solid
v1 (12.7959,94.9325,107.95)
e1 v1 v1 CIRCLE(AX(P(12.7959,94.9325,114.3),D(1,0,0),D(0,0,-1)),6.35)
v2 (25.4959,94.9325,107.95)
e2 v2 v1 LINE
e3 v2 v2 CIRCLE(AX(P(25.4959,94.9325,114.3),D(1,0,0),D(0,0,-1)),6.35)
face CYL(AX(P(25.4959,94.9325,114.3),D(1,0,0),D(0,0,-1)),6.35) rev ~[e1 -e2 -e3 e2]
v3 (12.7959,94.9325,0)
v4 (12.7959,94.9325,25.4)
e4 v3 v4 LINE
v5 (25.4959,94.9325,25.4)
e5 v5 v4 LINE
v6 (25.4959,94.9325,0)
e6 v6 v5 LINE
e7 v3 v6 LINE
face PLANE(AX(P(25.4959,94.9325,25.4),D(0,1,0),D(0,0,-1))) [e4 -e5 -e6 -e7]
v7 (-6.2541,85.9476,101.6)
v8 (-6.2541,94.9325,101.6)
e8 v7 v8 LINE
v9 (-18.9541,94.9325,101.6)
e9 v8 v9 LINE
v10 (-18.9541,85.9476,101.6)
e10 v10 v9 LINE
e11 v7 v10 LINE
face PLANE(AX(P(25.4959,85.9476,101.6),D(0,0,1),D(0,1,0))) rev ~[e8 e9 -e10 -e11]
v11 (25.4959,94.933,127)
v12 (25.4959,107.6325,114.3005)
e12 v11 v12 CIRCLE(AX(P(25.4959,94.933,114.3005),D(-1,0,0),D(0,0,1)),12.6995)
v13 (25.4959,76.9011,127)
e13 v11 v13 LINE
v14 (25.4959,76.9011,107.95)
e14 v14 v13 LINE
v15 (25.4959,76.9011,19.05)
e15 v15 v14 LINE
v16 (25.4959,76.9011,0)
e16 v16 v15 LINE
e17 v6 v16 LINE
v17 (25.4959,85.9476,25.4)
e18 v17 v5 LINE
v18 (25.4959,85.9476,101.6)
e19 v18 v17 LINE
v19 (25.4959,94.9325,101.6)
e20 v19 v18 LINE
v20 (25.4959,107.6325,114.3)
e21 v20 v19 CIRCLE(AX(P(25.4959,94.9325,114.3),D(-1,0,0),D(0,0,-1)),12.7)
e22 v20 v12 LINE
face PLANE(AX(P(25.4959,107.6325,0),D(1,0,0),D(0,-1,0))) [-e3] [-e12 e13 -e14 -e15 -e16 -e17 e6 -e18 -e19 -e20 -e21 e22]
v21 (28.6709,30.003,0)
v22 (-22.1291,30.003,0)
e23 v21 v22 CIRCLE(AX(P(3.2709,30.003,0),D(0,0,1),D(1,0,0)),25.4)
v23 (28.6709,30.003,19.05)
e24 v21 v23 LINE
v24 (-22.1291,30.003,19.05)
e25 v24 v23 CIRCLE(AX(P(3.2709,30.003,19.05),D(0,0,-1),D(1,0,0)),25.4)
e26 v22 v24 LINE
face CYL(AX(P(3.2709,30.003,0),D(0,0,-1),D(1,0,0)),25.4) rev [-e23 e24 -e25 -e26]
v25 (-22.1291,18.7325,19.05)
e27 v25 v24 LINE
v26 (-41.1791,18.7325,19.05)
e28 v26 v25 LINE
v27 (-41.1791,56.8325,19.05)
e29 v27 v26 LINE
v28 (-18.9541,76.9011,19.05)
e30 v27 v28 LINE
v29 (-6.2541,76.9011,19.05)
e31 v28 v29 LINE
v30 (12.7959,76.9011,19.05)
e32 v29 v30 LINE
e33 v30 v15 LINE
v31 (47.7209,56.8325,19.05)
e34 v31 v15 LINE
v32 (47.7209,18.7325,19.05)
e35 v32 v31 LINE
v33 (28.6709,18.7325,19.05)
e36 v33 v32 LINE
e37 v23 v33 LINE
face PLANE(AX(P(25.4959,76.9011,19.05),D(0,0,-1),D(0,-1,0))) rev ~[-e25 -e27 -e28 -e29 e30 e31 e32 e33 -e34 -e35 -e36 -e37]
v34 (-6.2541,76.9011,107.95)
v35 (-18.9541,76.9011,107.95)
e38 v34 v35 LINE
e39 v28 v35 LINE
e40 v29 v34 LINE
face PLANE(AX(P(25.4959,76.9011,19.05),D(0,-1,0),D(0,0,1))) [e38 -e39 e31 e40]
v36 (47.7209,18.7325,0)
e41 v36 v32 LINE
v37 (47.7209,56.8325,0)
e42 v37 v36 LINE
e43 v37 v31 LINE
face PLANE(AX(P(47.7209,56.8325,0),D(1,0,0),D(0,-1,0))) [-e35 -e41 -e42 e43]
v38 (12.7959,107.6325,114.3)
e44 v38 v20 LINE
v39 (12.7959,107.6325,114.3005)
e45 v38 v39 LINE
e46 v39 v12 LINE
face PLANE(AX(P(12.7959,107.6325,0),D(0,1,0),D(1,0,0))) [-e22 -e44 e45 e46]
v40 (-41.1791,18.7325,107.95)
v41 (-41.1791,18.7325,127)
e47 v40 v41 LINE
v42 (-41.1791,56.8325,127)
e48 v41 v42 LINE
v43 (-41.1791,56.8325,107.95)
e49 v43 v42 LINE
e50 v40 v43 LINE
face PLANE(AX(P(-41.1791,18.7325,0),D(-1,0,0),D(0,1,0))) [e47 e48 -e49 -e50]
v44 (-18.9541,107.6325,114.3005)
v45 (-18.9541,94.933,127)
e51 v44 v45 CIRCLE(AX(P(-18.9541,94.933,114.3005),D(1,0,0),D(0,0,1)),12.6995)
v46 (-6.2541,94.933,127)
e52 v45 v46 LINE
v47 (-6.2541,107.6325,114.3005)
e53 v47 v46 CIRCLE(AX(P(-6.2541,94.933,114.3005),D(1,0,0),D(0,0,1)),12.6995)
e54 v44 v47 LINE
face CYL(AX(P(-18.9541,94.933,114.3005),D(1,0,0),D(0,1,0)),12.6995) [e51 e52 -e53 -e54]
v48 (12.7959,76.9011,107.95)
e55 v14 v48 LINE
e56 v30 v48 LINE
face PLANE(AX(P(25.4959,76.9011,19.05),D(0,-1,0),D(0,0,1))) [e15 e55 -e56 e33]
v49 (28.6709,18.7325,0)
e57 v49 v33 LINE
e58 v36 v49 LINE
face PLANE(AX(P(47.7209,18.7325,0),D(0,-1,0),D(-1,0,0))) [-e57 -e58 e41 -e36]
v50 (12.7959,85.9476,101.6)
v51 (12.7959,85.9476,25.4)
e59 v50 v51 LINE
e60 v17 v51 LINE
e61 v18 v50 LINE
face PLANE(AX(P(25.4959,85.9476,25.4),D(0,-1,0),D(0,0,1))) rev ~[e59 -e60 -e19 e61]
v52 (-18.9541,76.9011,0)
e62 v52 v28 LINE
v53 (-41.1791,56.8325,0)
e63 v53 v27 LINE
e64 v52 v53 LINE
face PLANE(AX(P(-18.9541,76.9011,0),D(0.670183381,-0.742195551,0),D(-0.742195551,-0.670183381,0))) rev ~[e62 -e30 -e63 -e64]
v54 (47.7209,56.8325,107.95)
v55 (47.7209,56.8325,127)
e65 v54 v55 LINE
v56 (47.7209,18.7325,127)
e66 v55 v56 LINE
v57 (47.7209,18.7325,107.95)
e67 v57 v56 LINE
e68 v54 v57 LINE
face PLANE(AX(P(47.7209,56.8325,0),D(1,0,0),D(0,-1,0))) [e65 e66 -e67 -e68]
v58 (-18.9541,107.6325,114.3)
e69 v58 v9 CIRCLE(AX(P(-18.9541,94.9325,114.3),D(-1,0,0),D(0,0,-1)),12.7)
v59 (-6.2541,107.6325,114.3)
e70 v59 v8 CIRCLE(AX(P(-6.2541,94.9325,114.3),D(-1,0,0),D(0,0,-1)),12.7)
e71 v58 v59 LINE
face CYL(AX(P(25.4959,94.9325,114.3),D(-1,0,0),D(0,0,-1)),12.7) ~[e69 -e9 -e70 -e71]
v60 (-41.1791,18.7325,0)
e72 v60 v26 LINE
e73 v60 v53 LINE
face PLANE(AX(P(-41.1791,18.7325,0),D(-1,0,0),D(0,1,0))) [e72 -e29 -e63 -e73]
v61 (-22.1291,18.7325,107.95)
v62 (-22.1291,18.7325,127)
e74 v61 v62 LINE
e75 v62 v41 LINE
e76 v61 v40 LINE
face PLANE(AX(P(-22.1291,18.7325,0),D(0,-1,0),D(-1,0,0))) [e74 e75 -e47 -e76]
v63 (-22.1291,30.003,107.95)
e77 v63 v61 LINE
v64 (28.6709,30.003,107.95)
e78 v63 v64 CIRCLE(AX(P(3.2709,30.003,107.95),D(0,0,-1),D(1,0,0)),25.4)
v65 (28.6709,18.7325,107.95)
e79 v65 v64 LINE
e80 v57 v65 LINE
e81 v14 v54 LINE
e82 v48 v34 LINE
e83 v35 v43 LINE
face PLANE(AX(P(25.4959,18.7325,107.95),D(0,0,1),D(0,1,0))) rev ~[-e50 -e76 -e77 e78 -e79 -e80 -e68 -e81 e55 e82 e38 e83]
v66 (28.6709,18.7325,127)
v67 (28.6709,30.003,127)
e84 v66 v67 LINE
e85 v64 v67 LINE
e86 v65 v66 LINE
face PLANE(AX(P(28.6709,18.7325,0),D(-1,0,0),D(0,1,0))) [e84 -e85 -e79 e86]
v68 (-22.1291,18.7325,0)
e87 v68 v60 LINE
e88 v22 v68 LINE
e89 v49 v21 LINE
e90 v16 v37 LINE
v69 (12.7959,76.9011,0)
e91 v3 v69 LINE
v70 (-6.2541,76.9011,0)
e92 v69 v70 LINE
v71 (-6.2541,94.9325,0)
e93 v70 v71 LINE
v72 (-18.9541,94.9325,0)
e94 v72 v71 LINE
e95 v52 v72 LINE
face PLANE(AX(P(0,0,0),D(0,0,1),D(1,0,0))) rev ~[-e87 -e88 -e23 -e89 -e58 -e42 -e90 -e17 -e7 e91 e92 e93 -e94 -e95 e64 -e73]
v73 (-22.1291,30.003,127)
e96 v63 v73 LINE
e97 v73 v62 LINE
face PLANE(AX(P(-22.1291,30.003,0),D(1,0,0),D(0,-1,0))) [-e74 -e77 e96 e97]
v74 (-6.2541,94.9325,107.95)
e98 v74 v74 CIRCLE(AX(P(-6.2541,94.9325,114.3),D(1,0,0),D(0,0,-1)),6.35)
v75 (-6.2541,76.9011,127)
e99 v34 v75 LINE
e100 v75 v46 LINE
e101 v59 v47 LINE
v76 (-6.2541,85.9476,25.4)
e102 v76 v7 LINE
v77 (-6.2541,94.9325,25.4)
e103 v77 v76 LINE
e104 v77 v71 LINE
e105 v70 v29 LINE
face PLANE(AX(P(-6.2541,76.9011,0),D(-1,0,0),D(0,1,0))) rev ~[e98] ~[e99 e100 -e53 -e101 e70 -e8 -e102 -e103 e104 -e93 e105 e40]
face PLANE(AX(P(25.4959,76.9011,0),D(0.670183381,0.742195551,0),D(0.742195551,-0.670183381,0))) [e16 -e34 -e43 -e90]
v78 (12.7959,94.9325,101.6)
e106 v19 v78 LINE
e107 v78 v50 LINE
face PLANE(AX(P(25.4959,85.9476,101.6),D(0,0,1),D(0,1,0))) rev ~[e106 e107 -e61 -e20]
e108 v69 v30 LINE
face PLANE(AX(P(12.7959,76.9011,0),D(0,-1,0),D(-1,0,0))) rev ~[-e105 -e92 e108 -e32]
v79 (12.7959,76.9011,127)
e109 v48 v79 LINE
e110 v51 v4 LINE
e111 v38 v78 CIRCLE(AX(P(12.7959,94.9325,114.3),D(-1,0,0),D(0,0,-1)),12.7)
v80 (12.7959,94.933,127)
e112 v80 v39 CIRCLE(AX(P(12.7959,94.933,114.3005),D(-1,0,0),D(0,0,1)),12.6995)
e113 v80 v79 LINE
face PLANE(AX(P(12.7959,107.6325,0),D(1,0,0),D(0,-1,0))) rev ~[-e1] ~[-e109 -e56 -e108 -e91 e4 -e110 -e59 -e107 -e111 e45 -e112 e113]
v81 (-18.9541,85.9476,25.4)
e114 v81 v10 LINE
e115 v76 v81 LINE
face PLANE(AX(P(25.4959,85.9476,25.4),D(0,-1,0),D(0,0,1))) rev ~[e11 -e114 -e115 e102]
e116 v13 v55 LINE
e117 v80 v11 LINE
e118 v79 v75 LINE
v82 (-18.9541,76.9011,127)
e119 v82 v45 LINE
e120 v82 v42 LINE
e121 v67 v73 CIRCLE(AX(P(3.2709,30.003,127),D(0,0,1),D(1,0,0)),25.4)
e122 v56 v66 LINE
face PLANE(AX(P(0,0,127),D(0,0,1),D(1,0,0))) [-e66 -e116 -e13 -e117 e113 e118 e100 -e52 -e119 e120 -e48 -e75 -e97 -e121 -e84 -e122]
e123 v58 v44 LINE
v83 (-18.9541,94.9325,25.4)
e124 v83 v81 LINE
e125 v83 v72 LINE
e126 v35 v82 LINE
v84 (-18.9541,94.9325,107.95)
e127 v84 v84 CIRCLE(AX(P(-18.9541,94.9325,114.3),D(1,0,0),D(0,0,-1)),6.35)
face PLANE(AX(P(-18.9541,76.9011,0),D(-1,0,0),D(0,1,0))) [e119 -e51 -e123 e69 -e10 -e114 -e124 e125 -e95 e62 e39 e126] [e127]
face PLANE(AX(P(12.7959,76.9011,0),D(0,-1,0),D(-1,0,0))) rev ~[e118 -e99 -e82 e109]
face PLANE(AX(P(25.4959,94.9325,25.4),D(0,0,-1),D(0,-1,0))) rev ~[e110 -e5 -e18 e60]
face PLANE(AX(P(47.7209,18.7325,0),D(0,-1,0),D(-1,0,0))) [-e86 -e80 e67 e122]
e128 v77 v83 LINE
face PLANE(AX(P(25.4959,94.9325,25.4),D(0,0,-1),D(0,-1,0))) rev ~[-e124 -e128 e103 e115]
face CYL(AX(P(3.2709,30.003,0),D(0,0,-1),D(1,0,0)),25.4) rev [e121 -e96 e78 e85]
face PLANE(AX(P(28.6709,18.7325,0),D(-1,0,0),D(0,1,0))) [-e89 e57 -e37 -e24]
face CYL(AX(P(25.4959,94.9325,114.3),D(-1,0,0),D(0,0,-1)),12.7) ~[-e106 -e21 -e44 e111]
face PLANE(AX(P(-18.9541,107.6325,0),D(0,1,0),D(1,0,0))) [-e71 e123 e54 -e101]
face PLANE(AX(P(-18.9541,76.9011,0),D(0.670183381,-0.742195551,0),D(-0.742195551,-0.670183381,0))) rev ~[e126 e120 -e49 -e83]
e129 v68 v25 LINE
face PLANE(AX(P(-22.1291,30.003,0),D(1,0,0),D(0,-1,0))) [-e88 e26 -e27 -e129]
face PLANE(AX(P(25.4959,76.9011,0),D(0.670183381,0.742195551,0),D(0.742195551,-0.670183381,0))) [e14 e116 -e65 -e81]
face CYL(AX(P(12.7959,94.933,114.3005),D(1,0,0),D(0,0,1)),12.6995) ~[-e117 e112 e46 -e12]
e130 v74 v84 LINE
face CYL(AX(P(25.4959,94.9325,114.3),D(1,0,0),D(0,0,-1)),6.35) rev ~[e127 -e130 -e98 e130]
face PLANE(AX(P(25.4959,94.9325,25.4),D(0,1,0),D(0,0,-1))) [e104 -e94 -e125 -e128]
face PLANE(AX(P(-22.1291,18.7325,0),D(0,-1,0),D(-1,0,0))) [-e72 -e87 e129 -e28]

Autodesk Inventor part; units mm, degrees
ref_plane "YZ Plane" through (0, 0, 0) normal (1, 0, 0) x (0, 1, 0)
ref_plane "XZ Plane" through (0, 0, 0) normal (0, 1, 0) x (-1, 0, 0)
ref_plane "XY Plane" through (0, 0, 0) normal (0, 0, 1) x (1, 0, 0)
sketch "front profile" plane through (0, 0, 0) normal (0, 0, 1) x (1, 0, 0)
  line L0 (47.7209, 56.8325) -> (47.7209, 18.7325)
  line L1 (-41.1791, 18.7325) -> (-41.1791, 56.8325)
  line L2 (25.4959, 107.6325) -> (25.4959, 76.9011)
  line L3 (12.7959, 76.9011) -> (-6.2541, 76.9011)
  line L4 (-18.9541, 76.9011) -> (-18.9541, 107.6325)
  line L5 (12.7959, 107.6325) -> (12.7959, 76.9011)
  line L6 (12.7959, 76.9011) -> (-6.2541, 76.9011)
  line L7 (-6.2541, 76.9011) -> (-6.2541, 107.6325)
  line L8 (25.4959, 76.9011) -> (47.7209, 56.8325)
  line L9 (-18.9541, 76.9011) -> (-41.1791, 56.8325)
  line L10 (28.6709, 18.7325) -> (28.6709, 30.003)
  line L11 (-22.1291, 30.003) -> (-22.1291, 18.7325)
  arc A0 (28.6709, 30.003) -> (-22.1291, 30.003) centre (3.2709, 30.003) ccw
  line L12 (-18.9541, 107.6325) -> (-6.2541, 107.6325)
  line L13 (12.7959, 107.6325) -> (25.4959, 107.6325)
  line L14 (47.7209, 18.7325) -> (28.6709, 18.7325)
  line L15 (-22.1291, 18.7325) -> (-41.1791, 18.7325)
  line L16 (-18.9541, 107.6325) -> (-6.2541, 107.6325)
  line L17 (12.7959, 107.6325) -> (25.4959, 107.6325)
  point P0 (-6.2541, 92.2668)
  point P1 (-12.6041, 107.6325)
  point P2 (19.1459, 107.6325)
  dimension "d2" = 88.9
  dimension "d9" = 22.225
  dimension "d10" = 22.225
  dimension "d11" = 12.7
  dimension "d12" = 12.7
  dimension "d14" = 38.1
  dimension "d15" = 38.1
  dimension "d17" = 19.05
  dimension "d18" = 19.05
  dimension "d32" = 88.9
  dimension "d33" = 88.9
  dimension "d34" = 25.4
  dimension "d36" = 47.919
  dimension "d37" = 47.919
  dimension "d39" = 58.1686
  dimension "d40" = 88.9
  dimension "d43" = 11.2705
extrude "front profile Extrusion" add sketch "front profile" along normal blind 127
sketch "side profile" plane through (25.4959, 76.9011, 0) normal (1, 0, 0) x (0, 0, -1)
  line L0 (0, -20.0686) -> (0, -58.1686) projected
  line L1 (-127, 30.7314) -> (0, 30.7314)
  line L2 (0, 30.7314) -> (0, -58.1686)
  line L3 (0, -58.1686) -> (-127, -58.1686)
  line L4 (-127, -58.1686) -> (-127, 18.0314)
  line L5 (-25.4, 18.0314) -> (-25.4, 9.0465)
  line L6 (-25.4, 9.0465) -> (-101.6, 9.0465)
  line L7 (-101.6, 9.0465) -> (-101.6, 18.0314)
  line L8 (0, 0) -> (-127, 0) projected
  line L9 (0, -58.1686) -> (-127, -58.1686) projected
  line L10 (-107.95, 0) -> (-19.05, 0)
  line L11 (-19.05, 0) -> (-19.05, -58.1686)
  line L12 (-19.05, -58.1686) -> (-107.95, -58.1686)
  line L13 (-107.95, -58.1686) -> (-107.95, 0)
  circle A0 centre (-114.3, 18.0314) radius 6.35
  arc A1 (-101.6, 18.0314) -> (-127, 18.0314) centre (-114.3, 18.0314) ccw
  line L14 (0, 30.7314) -> (-127, 30.7314) projected
  line L15 (-25.4, 18.0314) -> (0, 18.0314)
  point P0 (0, -76.9011)
  point P1 (-114.3, 30.7314)
  point P2 (-107.95, -58.1686)
  point P3 (-19.05, -58.1686)
  point P4 (-19.05, 0)
  dimension "d23" = 25.4
  dimension "d24" = 19.05
  dimension "d25" = 19.05
  dimension "d26" = 12.7
  dimension "d27" = 12.7
  dimension "d35" = 127
  dimension "d45" = 12.7
  dimension "d46" = 30.7314
  dimension "d47" = 19.05
  dimension "d48" = 88.9
  dimension "d49" = 19.05
  dimension "d50" = 88.9
  dimension "d51" = 107.95
  dimension "d52" = 0
  dimension "d53" = 114.3
  dimension "d54" = 21.6849
extrude "side profile extrusion" cut sketch "side profile" along normal through all both and the other way through all contours L3 L13 L8 L11 | L15 L5 L6 L7 A1 L1 L2 | A0
fillet "Front Fillet" radius 12.7 2 edges at (19.1459, 107.6325, 127) (-12.6041, 107.6325, 127)
equation "\"d10\" = d9"
equation "\"d12\" = d11"
equation "\"d15\" = d14"
equation "\"d17\" = d16"
equation "\"d33\" = d32"
equation "\"d37\" = d36"
equation "\"d25\" = d24"
equation "\"d16\" = 19.05"
properties part number "ASN4-4-BK" material "Iron, Cast"
